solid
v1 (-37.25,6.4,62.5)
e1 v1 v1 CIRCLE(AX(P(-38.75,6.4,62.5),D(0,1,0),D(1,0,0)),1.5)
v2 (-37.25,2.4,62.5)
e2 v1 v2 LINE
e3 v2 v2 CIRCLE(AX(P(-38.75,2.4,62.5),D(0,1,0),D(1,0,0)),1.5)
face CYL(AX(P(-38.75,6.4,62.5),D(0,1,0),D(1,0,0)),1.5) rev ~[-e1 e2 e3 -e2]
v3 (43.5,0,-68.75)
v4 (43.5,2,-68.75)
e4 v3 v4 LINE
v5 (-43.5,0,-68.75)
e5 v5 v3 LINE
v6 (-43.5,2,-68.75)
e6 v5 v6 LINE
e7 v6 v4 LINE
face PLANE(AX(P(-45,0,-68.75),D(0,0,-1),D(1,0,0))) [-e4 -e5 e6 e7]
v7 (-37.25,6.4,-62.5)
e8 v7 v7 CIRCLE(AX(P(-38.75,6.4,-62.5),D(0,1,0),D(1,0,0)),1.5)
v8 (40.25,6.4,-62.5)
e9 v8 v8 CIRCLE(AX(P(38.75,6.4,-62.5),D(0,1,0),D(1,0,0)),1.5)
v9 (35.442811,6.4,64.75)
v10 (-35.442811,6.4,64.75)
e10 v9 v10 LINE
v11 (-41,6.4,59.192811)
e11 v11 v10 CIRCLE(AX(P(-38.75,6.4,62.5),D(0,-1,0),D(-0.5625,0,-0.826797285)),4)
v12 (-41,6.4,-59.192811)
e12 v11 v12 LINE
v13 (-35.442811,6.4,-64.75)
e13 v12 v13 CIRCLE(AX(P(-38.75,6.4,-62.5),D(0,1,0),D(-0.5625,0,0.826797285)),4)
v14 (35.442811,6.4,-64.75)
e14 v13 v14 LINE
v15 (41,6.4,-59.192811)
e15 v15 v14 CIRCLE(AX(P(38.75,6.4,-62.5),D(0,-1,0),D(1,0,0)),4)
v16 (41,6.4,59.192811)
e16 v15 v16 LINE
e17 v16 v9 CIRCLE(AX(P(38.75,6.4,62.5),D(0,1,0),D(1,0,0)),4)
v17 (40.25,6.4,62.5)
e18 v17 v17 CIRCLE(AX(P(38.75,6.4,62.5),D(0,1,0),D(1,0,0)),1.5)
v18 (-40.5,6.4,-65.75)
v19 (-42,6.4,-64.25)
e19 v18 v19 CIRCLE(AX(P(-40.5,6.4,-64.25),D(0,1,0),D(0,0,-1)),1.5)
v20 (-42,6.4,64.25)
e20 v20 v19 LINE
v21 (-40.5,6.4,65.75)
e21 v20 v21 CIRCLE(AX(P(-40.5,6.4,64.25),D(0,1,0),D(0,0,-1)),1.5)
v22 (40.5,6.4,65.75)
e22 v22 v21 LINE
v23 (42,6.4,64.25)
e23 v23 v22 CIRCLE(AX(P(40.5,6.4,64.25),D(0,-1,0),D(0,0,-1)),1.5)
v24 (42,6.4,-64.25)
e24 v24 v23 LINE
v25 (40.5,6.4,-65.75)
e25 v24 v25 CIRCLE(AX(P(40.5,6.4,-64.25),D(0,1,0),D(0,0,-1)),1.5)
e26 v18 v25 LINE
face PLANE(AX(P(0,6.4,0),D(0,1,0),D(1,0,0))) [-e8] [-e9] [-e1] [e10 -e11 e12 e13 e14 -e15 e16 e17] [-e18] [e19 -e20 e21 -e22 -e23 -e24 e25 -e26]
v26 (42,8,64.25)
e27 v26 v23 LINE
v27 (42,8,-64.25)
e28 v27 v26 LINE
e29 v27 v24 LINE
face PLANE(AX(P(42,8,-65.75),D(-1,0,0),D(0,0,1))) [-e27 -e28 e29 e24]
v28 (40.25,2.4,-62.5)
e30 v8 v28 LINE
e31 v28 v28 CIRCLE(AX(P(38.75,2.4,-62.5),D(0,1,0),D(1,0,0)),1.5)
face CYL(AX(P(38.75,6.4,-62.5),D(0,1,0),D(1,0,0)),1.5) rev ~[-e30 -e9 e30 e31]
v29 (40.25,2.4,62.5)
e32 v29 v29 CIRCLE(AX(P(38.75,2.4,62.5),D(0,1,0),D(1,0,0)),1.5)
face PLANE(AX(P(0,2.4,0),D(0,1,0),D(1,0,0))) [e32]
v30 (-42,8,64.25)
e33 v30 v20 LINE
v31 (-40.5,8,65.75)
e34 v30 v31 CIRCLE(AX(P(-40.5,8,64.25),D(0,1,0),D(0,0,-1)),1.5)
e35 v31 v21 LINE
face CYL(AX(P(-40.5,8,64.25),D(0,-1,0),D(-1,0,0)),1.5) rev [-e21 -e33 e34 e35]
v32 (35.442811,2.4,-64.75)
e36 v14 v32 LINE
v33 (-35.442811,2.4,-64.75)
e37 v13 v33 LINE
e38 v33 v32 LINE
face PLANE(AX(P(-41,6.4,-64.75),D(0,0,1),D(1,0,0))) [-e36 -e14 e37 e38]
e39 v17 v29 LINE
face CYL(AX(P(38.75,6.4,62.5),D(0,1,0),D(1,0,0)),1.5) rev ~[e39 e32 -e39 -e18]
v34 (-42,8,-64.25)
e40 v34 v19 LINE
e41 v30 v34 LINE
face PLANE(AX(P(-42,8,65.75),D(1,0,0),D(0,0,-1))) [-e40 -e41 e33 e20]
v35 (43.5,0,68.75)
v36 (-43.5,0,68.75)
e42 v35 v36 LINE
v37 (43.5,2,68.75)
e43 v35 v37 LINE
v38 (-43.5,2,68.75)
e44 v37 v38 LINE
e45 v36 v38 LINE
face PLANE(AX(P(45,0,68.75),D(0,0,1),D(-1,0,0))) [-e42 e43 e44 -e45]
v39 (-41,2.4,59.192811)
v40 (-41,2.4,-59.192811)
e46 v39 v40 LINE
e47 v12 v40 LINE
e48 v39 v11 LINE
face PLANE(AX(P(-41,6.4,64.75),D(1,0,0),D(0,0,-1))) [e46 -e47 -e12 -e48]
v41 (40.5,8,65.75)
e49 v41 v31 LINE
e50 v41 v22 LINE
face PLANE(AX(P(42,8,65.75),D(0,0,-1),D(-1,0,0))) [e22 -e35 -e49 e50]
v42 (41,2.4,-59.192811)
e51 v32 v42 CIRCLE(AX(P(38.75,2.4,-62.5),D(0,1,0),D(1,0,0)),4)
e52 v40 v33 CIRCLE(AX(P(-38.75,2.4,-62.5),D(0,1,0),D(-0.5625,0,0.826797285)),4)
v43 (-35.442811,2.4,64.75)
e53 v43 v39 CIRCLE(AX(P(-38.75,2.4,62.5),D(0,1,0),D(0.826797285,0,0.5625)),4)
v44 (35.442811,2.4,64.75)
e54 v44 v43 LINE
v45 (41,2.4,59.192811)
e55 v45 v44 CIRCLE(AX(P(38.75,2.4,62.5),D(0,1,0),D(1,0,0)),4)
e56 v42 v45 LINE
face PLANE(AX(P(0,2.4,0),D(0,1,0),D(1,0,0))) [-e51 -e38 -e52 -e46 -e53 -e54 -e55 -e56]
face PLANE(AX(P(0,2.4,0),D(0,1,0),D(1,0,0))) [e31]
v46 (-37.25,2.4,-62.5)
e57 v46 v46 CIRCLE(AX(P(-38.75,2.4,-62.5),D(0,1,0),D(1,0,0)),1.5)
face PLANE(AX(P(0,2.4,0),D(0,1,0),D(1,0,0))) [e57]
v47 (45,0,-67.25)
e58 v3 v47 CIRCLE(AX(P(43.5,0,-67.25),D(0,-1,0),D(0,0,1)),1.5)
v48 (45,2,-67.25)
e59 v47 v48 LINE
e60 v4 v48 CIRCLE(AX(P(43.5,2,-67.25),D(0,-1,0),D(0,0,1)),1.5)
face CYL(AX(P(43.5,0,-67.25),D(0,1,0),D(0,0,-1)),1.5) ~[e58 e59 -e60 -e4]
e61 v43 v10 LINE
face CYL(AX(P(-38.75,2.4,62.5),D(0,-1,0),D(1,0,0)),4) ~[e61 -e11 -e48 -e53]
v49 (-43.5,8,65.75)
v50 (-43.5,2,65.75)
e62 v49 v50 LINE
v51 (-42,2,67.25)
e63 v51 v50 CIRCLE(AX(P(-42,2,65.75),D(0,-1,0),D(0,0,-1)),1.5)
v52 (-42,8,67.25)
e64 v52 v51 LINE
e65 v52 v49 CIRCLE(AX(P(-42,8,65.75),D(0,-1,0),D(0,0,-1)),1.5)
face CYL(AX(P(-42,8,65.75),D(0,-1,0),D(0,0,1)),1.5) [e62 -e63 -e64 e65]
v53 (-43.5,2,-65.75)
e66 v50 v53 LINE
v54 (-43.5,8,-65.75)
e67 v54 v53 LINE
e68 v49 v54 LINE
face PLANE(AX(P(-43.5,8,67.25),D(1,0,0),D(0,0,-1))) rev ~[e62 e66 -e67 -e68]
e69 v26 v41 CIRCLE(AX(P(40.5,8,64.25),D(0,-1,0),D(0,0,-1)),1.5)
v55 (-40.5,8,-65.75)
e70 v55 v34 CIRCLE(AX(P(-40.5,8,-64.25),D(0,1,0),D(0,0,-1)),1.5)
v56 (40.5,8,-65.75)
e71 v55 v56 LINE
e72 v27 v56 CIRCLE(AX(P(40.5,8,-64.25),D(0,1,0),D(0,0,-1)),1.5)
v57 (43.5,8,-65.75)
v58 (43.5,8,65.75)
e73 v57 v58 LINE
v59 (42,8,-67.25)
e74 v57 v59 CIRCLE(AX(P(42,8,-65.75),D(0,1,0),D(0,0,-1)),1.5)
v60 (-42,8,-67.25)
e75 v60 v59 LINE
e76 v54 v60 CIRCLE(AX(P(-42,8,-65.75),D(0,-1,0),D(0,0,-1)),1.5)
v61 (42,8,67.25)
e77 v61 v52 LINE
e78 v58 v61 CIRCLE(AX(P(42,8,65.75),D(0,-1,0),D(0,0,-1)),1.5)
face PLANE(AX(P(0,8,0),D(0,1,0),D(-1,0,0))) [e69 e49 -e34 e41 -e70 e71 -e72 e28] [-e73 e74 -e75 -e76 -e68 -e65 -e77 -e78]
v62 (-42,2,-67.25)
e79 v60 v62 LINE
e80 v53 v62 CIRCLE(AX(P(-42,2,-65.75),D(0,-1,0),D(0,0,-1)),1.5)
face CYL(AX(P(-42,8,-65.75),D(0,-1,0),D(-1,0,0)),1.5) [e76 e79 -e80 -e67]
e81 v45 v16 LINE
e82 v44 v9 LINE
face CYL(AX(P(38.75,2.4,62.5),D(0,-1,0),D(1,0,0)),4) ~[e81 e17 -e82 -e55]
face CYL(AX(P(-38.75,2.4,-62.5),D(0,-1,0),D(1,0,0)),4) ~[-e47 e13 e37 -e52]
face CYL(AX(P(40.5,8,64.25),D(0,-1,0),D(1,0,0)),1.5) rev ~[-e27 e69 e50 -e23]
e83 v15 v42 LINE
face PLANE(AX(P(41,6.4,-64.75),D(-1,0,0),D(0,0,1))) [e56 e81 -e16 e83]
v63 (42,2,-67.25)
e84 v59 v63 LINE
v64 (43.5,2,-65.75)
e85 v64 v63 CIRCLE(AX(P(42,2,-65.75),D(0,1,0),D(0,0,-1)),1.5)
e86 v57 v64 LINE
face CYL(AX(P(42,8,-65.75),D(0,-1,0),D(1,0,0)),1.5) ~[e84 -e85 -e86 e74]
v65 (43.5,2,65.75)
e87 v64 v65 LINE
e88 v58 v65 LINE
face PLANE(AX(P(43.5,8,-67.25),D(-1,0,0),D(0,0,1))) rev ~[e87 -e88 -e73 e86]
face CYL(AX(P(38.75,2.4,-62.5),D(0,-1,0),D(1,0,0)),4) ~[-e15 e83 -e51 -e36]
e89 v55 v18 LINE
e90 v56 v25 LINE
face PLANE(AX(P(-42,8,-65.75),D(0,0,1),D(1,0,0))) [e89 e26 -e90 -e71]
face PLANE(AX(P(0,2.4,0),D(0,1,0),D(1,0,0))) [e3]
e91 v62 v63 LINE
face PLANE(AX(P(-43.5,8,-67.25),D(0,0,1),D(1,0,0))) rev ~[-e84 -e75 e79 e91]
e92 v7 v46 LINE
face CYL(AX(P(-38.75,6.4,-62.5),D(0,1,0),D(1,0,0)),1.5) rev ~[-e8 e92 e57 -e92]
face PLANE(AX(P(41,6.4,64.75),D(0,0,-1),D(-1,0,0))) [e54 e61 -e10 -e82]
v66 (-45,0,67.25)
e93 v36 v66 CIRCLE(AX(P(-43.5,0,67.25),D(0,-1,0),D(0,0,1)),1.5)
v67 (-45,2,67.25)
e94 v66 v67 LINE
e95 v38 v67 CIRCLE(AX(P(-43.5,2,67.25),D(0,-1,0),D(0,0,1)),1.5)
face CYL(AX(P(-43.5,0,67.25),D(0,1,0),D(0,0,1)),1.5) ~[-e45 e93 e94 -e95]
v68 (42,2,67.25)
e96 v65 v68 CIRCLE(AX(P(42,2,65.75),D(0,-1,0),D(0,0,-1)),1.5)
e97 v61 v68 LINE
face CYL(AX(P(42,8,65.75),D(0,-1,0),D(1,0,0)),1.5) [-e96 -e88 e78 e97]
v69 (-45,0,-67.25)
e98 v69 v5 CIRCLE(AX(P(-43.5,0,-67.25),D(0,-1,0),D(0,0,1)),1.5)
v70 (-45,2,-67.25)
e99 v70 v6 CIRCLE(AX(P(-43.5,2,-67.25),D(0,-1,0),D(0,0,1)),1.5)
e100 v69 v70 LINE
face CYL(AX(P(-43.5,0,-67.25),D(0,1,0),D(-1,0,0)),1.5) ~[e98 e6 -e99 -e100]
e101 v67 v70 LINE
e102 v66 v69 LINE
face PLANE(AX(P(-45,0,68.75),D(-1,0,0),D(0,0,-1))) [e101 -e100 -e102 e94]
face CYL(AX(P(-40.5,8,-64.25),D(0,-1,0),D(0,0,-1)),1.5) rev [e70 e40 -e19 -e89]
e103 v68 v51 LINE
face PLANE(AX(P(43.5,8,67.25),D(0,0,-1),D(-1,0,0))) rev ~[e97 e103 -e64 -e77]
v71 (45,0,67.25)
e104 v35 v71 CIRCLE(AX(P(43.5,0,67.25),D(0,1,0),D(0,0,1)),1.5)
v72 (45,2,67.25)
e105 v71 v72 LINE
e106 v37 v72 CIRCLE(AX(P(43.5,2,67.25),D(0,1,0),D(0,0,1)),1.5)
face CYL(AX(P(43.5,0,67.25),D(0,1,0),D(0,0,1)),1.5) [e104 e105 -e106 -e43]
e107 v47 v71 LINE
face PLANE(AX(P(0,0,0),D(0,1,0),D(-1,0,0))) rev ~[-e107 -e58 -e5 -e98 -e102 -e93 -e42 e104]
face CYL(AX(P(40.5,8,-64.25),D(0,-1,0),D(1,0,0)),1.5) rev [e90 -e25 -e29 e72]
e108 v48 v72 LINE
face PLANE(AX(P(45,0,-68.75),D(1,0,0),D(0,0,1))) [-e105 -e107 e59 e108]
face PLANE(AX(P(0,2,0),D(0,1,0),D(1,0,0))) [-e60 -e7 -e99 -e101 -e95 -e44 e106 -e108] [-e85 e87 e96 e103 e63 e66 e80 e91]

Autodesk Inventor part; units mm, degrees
ref_plane "YZ Plane" through (0, 0, 0) normal (1, 0, 0) x (0, 1, 0)
ref_plane "XZ Plane" through (0, 0, 0) normal (0, 1, 0) x (-1, 0, 0)
ref_plane "XY Plane" through (0, 0, 0) normal (0, 0, 1) x (1, 0, 0)
sketch "Sketch1" plane through (0, 0, 0) normal (0, 1, 0) x (-1, 0, 0)
  line L0 (-45, 68.75) -> (45, 68.75)
  line L1 (45, 68.75) -> (45, -68.75)
  line L2 (45, -68.75) -> (-45, -68.75)
  line L3 (-45, -68.75) -> (-45, 68.75)
  line L4 (-45, 68.75) -> (45, -68.75) construction
  line L5 (45, 68.75) -> (-45, -68.75) construction
  point P0 (0, 0)
  dimension "d0" = 137.5
  dimension "d1" = 90
extrude "Extrusion1" add sketch "Sketch1" along normal blind 8
sketch "Sketch2" plane through (0, 8, 0) normal (0, 1, 0) x (1, 0, 0)
  line L0 (42, -65.75) -> (-42, -65.75)
  line L1 (-42, -65.75) -> (-42, 65.75)
  line L2 (-42, 65.75) -> (42, 65.75)
  line L3 (42, 65.75) -> (42, -65.75)
  line L4 (42, -65.75) -> (-42, 65.75) construction
  line L5 (-42, -65.75) -> (42, 65.75) construction
  point P0 (0, 0)
  dimension "d4" = 131.5
  dimension "d5" = 84
extrude "Extrusion2" cut sketch "Sketch2" against normal blind 1.6
sketch "Sketch3" plane through (0, 6.4, 0) normal (0, 1, 0) x (1, 0, 0)
  line L0 (41, -64.75) -> (-41, -64.75)
  line L1 (-41, -64.75) -> (-41, 64.75)
  line L2 (-41, 64.75) -> (41, 64.75)
  line L3 (41, 64.75) -> (41, -64.75)
  line L4 (41, -64.75) -> (-41, 64.75) construction
  line L5 (-41, -64.75) -> (41, 64.75) construction
  point P0 (0, 0)
  dimension "d8" = 129.5
  dimension "d9" = 82
extrude "Extrusion3" cut sketch "Sketch3" against normal blind 4
sketch "Sketch4" plane through (0, 2.4, 0) normal (0, 1, 0) x (1, 0, 0)
  circle A0 centre (-38.75, -62.5) radius 4
  circle A1 centre (-38.75, 62.5) radius 4
  line L0 (41, -64.75) -> (-41, -64.75) projected
  circle A2 centre (38.75, -62.5) radius 4
  line L1 (41, 64.75) -> (41, -64.75) projected
  circle A3 centre (38.75, 62.5) radius 4
  line L2 (-41, -64.75) -> (-41, 64.75) projected
  point P0 (0, 0)
  point P1 (-41, -59.1928)
  point P2 (-35.4428, -64.75)
  point P3 (41, -59.1928)
  point P4 (35.4428, -64.75)
  dimension "d12" = 8
  dimension "d13" = 8
  dimension "d14" = 125
  dimension "d16" = 2.25
  dimension "d17" = 8
  dimension "d18" = 2.25
  dimension "d19" = 2.25
  dimension "d20" = 77.5
  dimension "d21" = 8
  dimension "d22" = 125
  dimension "d23" = 77.5
  dimension "d24" = 2.25
extrude "Extrusion4" add sketch "Sketch4" along normal blind 4 contours A0 L0 L2 | A3 | A2 L1 L0 | A1 picked at (-37.7393, -61.273) picked at (37.8547, -61.1739)
sketch "Sketch5" plane through (0, 6.4, 0) normal (0, 1, 0) x (1, 0, 0)
  arc A0 (-35.4428, -64.75) -> (-41, -59.1928) centre (-38.75, -62.5) ccw projected
  circle A1 centre (-38.75, -62.5) radius 1.5
  arc A2 (-41, 59.1928) -> (-35.4428, 64.75) centre (-38.75, 62.5) ccw projected
  circle A3 centre (-38.75, 62.5) radius 1.5
  arc A4 (35.4428, 64.75) -> (41, 59.1928) centre (38.75, 62.5) ccw projected
  circle A5 centre (38.75, 62.5) radius 1.5
  arc A6 (41, -59.1928) -> (35.4428, -64.75) centre (38.75, -62.5) ccw projected
  circle A7 centre (38.75, -62.5) radius 1.5
  point P0 (0, 0)
  dimension "d27" = 3
  dimension "d28" = 3
  dimension "d29" = 3
  dimension "d30" = 3
extrude "Extrusion5" cut sketch "Sketch5" against normal blind 4
fillet "Fillet1" radius 1.5 4 edges at (-42, 7.2, 65.75) (-42, 7.2, -65.75) (42, 7.2, 65.75) (42, 7.2, -65.75)
sketch "Sketch6" plane through (0, 8, 0) normal (0, 1, 0) x (1, 0, 0)
  line L0 (43.5, -67.25) -> (-43.5, -67.25)
  line L1 (-43.5, -67.25) -> (-43.5, 67.25)
  line L2 (-43.5, 67.25) -> (43.5, 67.25)
  line L3 (43.5, 67.25) -> (43.5, -67.25)
  line L4 (43.5, -67.25) -> (-43.5, 67.25) construction
  line L5 (-43.5, -67.25) -> (43.5, 67.25) construction
  line L6 (45.5, -69.25) -> (-45.5, -69.25)
  line L7 (-45.5, -69.25) -> (-45.5, 69.25)
  line L8 (-45.5, 69.25) -> (45.5, 69.25)
  line L9 (45.5, 69.25) -> (45.5, -69.25)
  line L10 (45.5, -69.25) -> (-45.5, 69.25) construction
  line L11 (-45.5, -69.25) -> (45.5, 69.25) construction
  point P0 (0, 0)
  dimension "d35" = 134.5
  dimension "d36" = 87
  dimension "d37" = 138.5
  dimension "d38" = 91
extrude "Extrusion6" cut sketch "Sketch6" against normal blind 6
fillet "Fillet3" radius 1.5 8 edges at (43.5, 5, 67.25) (45, 1, 68.75) (43.5, 5, -67.25) (45, 1, -68.75) (-43.5, 5, -67.25) (-45, 1, -68.75) (-43.5, 5, 67.25) (-45, 1, 68.75)
properties part number "BoardMount"
